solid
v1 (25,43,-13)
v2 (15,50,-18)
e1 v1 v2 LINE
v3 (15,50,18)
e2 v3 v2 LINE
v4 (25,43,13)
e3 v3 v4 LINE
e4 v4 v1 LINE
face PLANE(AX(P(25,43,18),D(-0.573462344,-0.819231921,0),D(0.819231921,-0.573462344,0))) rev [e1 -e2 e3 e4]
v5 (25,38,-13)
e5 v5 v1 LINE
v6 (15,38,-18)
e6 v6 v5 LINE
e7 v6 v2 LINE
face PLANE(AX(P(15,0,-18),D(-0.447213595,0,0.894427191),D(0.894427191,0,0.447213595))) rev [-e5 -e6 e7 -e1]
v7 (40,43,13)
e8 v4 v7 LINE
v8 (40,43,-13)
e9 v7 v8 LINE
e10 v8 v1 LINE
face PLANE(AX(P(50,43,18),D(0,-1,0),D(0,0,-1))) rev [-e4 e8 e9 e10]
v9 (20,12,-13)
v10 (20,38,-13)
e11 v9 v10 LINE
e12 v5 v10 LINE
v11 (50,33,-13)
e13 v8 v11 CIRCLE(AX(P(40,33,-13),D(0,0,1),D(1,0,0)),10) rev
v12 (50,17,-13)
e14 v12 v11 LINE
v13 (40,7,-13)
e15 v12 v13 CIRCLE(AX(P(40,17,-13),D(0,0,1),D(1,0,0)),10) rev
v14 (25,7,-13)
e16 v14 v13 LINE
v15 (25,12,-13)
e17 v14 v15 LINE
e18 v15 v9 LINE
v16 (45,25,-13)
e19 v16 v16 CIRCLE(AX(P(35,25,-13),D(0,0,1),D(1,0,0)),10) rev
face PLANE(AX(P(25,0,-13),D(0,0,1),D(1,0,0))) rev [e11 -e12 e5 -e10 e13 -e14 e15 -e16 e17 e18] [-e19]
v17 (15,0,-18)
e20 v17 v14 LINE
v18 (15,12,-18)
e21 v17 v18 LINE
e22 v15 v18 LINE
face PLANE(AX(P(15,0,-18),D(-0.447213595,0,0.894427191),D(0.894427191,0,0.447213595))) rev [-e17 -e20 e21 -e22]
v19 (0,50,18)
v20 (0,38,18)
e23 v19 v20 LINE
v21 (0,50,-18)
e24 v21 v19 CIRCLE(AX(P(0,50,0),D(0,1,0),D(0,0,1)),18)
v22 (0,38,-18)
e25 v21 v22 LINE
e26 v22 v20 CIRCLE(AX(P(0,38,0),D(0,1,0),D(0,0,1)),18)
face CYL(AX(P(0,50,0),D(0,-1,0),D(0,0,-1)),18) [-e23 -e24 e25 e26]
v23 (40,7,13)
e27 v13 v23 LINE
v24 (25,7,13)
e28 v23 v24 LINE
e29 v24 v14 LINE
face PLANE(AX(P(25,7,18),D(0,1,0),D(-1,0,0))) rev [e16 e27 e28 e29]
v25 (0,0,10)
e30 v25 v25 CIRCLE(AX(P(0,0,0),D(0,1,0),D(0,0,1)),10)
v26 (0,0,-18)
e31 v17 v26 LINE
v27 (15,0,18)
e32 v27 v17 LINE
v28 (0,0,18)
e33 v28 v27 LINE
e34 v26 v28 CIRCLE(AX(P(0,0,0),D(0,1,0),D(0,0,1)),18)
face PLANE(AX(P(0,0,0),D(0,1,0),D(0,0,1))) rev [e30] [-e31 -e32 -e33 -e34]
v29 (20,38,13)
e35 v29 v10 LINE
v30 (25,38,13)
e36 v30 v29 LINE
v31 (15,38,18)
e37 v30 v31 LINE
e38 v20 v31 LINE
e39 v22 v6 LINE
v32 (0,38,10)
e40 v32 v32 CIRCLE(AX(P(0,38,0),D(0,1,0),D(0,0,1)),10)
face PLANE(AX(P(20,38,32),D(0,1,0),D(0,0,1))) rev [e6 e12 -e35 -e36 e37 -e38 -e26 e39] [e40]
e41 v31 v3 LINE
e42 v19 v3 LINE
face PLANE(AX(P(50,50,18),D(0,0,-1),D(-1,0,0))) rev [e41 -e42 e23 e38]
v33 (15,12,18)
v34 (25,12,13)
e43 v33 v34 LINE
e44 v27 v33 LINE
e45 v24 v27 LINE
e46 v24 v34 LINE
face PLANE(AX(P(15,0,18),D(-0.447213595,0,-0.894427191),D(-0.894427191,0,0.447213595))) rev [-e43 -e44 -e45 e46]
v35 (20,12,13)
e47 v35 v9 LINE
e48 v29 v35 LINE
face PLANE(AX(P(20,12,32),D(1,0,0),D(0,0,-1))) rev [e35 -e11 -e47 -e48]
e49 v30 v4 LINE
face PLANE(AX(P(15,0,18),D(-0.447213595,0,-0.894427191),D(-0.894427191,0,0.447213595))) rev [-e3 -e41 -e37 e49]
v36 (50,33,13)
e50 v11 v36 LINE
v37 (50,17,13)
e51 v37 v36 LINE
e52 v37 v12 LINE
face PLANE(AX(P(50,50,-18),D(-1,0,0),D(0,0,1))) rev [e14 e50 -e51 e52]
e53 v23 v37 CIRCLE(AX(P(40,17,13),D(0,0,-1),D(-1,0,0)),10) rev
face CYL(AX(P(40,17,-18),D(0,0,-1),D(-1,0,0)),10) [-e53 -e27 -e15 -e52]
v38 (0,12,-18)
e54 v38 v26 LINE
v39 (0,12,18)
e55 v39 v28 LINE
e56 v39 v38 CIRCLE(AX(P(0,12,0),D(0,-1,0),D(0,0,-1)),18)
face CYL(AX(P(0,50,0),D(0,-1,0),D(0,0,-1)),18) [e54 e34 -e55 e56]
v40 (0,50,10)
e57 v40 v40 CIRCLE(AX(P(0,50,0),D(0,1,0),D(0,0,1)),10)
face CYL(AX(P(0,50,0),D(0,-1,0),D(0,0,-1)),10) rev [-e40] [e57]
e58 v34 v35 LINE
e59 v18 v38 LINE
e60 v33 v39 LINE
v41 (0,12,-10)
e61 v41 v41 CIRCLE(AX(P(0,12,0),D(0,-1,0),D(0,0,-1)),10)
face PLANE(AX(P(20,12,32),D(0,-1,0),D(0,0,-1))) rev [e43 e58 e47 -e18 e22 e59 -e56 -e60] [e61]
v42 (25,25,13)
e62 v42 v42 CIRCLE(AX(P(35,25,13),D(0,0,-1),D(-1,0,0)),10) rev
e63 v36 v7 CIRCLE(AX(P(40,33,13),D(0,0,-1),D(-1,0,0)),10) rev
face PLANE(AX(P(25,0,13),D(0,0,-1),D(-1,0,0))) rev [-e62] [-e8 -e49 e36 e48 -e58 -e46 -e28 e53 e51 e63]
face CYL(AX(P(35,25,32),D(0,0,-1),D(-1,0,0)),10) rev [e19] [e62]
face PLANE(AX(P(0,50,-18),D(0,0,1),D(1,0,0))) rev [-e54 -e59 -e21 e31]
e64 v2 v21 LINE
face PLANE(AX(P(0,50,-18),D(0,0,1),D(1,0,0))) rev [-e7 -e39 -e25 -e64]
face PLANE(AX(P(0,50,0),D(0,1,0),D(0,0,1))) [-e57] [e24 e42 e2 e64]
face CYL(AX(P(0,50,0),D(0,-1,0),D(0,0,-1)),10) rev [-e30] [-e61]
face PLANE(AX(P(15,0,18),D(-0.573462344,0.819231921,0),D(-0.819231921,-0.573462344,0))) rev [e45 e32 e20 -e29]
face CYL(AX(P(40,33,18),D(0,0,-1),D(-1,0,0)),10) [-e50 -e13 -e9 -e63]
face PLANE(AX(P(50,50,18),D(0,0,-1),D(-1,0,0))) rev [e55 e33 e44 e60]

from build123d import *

# Parameters (mm, degrees)
SKETCH1_R           = 10
BOSS_EXTRUDE1_DEPTH = 50
SKETCH2_W           = 44.116747391
SKETCH2_H           = 26
CUT_EXTRUDE1_DEPTH  = 50
SKETCH3_R           = 10
CUT_EXTRUDE2_DEPTH  = 50
CUT_EXTRUDE3_DEPTH  = 36
CUT_EXTRUDE4_DEPTH  = 50
FILLET1_R           = 10
SKETCH6_W           = 2.5
SKETCH6_H           = 26
CUT_EXTRUDE5_DEPTH  = 50


with BuildPart() as part:
    # Sketch1 → Boss-Extrude1 (new body)
    with BuildSketch(Plane(origin=(0, 0, 0), x_dir=(1, 0, 0), z_dir=(0, 1, 0))):
        with BuildLine():
            Line((0, 18), (50, 18))
            Line((50, 18), (50, -18))
            Line((50, -18), (0, -18))
            ThreePointArc((0, -18), (-18, 0), (0, 18))
        make_face()
        Circle(SKETCH1_R, mode=Mode.SUBTRACT)
    extrude(amount=BOSS_EXTRUDE1_DEPTH)

    # Sketch2 → Cut-Extrude1 (cut)
    with BuildSketch(Plane(origin=(0, 0, -18), x_dir=(-1, 0, 0), z_dir=(0, 0, -1))):
        with Locations((2.058373696, 25)):
            Rectangle(SKETCH2_W, SKETCH2_H)
    extrude(amount=-CUT_EXTRUDE1_DEPTH, mode=Mode.SUBTRACT)

    # Sketch3 → Cut-Extrude2 (cut)
    with BuildSketch(Plane(origin=(0, 0, -18), x_dir=(-1, 0, 0), z_dir=(0, 0, -1))):
        with Locations((-35, 25)):
            Circle(SKETCH3_R)
    extrude(amount=-CUT_EXTRUDE2_DEPTH, mode=Mode.SUBTRACT)

    # Sketch4 → Cut-Extrude3 (cut)
    with BuildSketch(Plane(origin=(0, 0, -18), x_dir=(-1, 0, 0), z_dir=(0, 0, -1))):
        Polygon((-15, 0), (-25, 7), (-50, 7), (-50, 0), align=None)
        Polygon((-50, 50), (-50, 43), (-25, 43), (-15, 50), align=None)
    extrude(amount=-CUT_EXTRUDE3_DEPTH, mode=Mode.SUBTRACT)

    # Sketch5 → Cut-Extrude4 (cut)
    with BuildSketch(Plane(origin=(0, 50, 0), x_dir=(1, 0, 0), z_dir=(0, 1, 0))):
        Polygon((15, 18), (25, 13), (50, 13), (50, 18), align=None)
        Polygon((15, -18), (25, -13), (50, -13), (50, -18), align=None)
    extrude(amount=-CUT_EXTRUDE4_DEPTH, mode=Mode.SUBTRACT)

    # Fillet1
    fillet1_edges = [part.edges().sort_by_distance(p)[0] for p in [
        (50, 7, 0),
        (50, 43, 0),
    ]]
    fillet(fillet1_edges, radius=FILLET1_R)

    # Sketch6 → Cut-Extrude5 (cut)
    with BuildSketch(Plane.ZY.offset(-20)):
        with Locations((-14.25, 25)):
            Rectangle(SKETCH6_W, SKETCH6_H)
        with Locations((14.25, 25)):
            Rectangle(SKETCH6_W, SKETCH6_H)
    extrude(amount=-CUT_EXTRUDE5_DEPTH, mode=Mode.SUBTRACT)


solid = part.part
